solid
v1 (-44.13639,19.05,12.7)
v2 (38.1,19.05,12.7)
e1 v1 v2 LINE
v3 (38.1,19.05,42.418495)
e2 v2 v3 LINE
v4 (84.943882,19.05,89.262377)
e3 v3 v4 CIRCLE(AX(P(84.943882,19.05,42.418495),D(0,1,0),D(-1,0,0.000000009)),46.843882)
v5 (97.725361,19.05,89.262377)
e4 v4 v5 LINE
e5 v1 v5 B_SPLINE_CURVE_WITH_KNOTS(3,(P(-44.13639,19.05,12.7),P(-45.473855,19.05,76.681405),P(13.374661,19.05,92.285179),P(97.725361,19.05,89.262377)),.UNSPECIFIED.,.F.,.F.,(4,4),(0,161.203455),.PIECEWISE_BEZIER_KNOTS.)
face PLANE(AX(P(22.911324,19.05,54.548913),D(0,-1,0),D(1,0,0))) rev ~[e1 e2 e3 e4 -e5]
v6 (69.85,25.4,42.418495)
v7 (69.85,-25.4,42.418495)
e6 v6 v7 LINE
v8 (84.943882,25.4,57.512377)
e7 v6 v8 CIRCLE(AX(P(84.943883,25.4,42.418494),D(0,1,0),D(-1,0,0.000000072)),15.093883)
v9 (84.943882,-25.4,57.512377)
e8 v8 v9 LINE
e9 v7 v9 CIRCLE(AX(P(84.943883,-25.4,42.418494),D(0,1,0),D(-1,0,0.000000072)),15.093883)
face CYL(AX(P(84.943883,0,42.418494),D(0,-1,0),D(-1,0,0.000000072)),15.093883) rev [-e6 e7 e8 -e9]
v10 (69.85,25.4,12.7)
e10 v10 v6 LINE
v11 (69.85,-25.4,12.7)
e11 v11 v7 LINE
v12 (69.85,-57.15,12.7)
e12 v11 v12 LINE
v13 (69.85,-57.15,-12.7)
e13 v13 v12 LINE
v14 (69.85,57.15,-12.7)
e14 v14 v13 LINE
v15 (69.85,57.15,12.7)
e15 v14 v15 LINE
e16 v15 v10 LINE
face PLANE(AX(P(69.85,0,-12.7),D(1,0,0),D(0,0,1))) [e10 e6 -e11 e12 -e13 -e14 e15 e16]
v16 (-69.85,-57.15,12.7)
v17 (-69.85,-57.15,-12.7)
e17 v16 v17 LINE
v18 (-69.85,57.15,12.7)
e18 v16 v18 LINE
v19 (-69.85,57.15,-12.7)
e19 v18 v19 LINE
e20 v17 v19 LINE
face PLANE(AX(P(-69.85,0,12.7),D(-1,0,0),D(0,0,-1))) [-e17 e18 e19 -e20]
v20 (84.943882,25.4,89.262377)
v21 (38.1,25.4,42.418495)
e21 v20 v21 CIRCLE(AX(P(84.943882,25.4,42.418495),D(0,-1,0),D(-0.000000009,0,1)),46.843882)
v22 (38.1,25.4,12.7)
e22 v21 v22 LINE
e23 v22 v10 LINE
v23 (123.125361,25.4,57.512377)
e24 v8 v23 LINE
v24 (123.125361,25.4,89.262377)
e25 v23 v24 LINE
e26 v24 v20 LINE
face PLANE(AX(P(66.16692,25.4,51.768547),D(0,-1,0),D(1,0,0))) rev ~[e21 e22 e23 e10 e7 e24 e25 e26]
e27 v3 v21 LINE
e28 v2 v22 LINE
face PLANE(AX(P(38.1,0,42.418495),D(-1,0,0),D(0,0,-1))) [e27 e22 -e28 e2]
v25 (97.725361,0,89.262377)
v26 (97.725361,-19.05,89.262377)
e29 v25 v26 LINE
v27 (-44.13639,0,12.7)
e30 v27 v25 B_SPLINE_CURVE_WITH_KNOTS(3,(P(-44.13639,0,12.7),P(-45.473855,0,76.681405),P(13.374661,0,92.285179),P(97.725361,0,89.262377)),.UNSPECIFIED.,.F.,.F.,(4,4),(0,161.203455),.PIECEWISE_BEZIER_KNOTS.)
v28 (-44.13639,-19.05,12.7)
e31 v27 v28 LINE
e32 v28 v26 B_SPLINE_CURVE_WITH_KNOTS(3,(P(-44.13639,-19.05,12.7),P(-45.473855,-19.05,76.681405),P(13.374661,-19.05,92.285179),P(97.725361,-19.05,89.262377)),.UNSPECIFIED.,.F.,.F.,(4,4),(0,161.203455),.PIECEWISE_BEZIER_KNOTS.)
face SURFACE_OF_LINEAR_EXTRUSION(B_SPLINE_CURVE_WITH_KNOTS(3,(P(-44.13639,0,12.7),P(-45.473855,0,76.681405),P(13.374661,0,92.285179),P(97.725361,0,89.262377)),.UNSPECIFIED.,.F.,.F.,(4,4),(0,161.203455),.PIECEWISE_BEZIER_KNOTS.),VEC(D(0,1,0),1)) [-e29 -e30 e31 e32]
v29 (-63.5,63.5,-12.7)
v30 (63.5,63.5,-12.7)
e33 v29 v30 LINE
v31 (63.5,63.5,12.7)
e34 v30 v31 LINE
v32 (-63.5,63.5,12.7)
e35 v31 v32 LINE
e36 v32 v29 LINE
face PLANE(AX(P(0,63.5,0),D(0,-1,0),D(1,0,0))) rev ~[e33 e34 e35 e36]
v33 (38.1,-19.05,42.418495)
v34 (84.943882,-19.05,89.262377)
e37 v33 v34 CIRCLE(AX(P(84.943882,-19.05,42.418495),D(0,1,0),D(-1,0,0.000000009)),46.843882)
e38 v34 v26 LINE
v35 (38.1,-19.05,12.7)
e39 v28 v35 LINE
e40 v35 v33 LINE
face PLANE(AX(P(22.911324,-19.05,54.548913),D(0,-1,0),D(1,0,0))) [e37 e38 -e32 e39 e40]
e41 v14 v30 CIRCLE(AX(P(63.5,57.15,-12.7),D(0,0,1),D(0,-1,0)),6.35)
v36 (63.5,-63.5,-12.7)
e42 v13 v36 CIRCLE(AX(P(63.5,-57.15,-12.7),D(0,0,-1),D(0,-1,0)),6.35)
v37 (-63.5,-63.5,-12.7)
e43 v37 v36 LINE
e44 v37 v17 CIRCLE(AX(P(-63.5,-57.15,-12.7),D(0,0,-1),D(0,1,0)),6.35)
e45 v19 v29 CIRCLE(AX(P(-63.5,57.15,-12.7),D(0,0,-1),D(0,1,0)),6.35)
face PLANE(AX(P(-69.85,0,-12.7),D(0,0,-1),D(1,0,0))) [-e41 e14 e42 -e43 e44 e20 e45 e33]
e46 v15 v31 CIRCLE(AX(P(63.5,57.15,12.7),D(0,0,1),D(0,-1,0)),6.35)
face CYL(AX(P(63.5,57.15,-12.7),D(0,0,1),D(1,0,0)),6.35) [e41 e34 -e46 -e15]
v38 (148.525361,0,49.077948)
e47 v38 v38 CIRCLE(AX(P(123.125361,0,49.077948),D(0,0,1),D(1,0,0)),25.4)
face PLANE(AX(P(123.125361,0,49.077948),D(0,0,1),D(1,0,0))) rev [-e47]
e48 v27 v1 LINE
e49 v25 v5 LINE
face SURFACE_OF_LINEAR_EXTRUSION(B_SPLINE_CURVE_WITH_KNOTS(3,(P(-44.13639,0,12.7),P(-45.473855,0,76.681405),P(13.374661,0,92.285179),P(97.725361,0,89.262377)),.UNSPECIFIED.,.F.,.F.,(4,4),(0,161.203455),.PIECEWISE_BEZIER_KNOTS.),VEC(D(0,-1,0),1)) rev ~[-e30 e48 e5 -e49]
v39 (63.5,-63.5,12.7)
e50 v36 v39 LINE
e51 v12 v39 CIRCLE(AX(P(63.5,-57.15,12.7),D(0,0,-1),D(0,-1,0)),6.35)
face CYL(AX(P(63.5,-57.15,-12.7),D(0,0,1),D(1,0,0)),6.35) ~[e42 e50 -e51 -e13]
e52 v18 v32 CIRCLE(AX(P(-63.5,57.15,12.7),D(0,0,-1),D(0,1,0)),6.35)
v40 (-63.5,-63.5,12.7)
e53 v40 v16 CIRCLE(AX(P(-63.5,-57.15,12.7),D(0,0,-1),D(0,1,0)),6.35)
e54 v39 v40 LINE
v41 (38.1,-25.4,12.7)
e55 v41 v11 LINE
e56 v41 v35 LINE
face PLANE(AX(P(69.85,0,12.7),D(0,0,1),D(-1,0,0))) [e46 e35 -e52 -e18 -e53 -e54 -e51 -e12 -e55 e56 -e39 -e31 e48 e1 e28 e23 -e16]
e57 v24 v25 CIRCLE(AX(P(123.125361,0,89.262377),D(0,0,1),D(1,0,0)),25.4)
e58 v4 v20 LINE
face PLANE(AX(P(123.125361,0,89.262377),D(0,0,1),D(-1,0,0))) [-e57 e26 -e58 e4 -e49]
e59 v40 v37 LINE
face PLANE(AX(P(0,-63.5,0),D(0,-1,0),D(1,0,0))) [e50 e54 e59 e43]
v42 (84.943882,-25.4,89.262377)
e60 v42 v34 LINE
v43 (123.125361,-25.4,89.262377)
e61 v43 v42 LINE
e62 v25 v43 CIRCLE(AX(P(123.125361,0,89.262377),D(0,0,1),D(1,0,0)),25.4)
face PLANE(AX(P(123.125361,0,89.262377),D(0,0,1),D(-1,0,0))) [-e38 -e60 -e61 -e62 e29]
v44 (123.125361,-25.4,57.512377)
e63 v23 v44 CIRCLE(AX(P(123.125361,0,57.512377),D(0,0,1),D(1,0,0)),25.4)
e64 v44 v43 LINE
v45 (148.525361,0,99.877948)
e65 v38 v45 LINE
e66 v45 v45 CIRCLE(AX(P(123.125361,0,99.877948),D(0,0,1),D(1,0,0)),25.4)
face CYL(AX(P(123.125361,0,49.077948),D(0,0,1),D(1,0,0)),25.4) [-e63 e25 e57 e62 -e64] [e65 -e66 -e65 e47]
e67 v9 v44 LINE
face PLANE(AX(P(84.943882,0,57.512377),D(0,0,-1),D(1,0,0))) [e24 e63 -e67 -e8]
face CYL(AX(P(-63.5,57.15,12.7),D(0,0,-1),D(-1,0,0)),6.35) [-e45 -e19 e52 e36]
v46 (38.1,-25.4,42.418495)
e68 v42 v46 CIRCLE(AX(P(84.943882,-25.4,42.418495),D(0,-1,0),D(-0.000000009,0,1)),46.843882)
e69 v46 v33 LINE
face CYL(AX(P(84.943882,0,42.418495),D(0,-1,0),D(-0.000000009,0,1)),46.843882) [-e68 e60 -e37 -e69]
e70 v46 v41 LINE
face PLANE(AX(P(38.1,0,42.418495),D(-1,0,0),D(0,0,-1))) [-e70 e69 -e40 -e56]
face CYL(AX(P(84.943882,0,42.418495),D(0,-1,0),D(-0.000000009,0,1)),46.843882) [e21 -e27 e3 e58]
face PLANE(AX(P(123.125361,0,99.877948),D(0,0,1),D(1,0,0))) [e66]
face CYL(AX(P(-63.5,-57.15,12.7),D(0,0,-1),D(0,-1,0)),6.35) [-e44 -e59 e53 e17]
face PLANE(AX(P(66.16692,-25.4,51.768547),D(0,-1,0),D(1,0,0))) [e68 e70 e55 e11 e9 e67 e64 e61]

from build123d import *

# Parameters (mm, degrees)
F1_DEPTH = 63.5
F0_W     = 25.4
F0_H     = 31.75
F2_DEPTH = 25.4
F3_DEPTH = 19.05
F5_R     = 6.35


with BuildPart() as f1:
    # F0 (on Front) → F1 (new body, symmetric)
    with BuildSketch(Plane.XZ):
        Polygon((-69.85, -12.7), (69.85, -12.7), (69.85, 12.7), (38.1, 12.7), (-44.13639, 12.7), (-69.85, 12.7), align=None)
    extrude(amount=F1_DEPTH, both=True)

    # F0 (on Front) → F2 (join, symmetric)
    with BuildSketch(Plane.XZ):
        with BuildLine():
            Line((38.1, 12.7), (69.85, 12.7))
            Line((69.85, 12.7), (69.85, 42.418495))
            ThreePointArc((69.85, 42.418495), (74.270896, 53.091481), (84.943882, 57.512377))
            Line((84.943882, 57.512377), (97.725361, 57.512377))
            Line((97.725361, 57.512377), (97.725361, 89.262377))
            Line((97.725361, 89.262377), (84.943882, 89.262377))
            ThreePointArc((84.943882, 89.262377), (51.820255, 75.542121), (38.1, 42.418495))
            Line((38.1, 42.418495), (38.1, 12.7))
        make_face()
        with Locations((110.425361, 73.387377)):
            Rectangle(F0_W, F0_H)
    extrude(amount=F2_DEPTH, both=True)

    # F0 (on Front) → F3 (join, symmetric)
    with BuildSketch(Plane.XZ):
        with BuildLine():
            Line((-44.13639, 12.7), (38.1, 12.7))
            Line((38.1, 12.7), (38.1, 42.418495))
            ThreePointArc((38.1, 42.418495), (51.820255, 75.542121), (84.943882, 89.262377))
            Line((84.943882, 89.262377), (97.725361, 89.262377))
            add(Edge.make_bspline(
                [(-44.13639, 12.7), (-45.473855, 76.681405), (13.374661, 92.285179), (97.725361, 89.262377)],
                knots=[0, 0, 0, 0, 161.203455, 161.203455, 161.203455, 161.203455], degree=3))
        make_face()
    extrude(amount=F3_DEPTH, both=True)

    # F0 (on Front) → F4 (revolve)
    with BuildSketch(Plane.XZ):
        Polygon((123.125361, 99.877948), (123.125361, 89.262377), (123.125361, 57.512377), (123.125361, 49.077948), (148.525361, 49.077948), (148.525361, 99.877948), align=None)
    revolve(axis=Axis((123.125361, 0, 74.477948), (0, 0, 1)))

    # F5
    f5_edges = [f1.edges().sort_by_distance(p)[0] for p in [
        (-69.85, 63.5, 0),
        (69.85, 63.5, 0),
        (-69.85, -63.5, 0),
        (69.85, -63.5, 0),
    ]]
    fillet(f5_edges, radius=F5_R)


solid = f1.part
